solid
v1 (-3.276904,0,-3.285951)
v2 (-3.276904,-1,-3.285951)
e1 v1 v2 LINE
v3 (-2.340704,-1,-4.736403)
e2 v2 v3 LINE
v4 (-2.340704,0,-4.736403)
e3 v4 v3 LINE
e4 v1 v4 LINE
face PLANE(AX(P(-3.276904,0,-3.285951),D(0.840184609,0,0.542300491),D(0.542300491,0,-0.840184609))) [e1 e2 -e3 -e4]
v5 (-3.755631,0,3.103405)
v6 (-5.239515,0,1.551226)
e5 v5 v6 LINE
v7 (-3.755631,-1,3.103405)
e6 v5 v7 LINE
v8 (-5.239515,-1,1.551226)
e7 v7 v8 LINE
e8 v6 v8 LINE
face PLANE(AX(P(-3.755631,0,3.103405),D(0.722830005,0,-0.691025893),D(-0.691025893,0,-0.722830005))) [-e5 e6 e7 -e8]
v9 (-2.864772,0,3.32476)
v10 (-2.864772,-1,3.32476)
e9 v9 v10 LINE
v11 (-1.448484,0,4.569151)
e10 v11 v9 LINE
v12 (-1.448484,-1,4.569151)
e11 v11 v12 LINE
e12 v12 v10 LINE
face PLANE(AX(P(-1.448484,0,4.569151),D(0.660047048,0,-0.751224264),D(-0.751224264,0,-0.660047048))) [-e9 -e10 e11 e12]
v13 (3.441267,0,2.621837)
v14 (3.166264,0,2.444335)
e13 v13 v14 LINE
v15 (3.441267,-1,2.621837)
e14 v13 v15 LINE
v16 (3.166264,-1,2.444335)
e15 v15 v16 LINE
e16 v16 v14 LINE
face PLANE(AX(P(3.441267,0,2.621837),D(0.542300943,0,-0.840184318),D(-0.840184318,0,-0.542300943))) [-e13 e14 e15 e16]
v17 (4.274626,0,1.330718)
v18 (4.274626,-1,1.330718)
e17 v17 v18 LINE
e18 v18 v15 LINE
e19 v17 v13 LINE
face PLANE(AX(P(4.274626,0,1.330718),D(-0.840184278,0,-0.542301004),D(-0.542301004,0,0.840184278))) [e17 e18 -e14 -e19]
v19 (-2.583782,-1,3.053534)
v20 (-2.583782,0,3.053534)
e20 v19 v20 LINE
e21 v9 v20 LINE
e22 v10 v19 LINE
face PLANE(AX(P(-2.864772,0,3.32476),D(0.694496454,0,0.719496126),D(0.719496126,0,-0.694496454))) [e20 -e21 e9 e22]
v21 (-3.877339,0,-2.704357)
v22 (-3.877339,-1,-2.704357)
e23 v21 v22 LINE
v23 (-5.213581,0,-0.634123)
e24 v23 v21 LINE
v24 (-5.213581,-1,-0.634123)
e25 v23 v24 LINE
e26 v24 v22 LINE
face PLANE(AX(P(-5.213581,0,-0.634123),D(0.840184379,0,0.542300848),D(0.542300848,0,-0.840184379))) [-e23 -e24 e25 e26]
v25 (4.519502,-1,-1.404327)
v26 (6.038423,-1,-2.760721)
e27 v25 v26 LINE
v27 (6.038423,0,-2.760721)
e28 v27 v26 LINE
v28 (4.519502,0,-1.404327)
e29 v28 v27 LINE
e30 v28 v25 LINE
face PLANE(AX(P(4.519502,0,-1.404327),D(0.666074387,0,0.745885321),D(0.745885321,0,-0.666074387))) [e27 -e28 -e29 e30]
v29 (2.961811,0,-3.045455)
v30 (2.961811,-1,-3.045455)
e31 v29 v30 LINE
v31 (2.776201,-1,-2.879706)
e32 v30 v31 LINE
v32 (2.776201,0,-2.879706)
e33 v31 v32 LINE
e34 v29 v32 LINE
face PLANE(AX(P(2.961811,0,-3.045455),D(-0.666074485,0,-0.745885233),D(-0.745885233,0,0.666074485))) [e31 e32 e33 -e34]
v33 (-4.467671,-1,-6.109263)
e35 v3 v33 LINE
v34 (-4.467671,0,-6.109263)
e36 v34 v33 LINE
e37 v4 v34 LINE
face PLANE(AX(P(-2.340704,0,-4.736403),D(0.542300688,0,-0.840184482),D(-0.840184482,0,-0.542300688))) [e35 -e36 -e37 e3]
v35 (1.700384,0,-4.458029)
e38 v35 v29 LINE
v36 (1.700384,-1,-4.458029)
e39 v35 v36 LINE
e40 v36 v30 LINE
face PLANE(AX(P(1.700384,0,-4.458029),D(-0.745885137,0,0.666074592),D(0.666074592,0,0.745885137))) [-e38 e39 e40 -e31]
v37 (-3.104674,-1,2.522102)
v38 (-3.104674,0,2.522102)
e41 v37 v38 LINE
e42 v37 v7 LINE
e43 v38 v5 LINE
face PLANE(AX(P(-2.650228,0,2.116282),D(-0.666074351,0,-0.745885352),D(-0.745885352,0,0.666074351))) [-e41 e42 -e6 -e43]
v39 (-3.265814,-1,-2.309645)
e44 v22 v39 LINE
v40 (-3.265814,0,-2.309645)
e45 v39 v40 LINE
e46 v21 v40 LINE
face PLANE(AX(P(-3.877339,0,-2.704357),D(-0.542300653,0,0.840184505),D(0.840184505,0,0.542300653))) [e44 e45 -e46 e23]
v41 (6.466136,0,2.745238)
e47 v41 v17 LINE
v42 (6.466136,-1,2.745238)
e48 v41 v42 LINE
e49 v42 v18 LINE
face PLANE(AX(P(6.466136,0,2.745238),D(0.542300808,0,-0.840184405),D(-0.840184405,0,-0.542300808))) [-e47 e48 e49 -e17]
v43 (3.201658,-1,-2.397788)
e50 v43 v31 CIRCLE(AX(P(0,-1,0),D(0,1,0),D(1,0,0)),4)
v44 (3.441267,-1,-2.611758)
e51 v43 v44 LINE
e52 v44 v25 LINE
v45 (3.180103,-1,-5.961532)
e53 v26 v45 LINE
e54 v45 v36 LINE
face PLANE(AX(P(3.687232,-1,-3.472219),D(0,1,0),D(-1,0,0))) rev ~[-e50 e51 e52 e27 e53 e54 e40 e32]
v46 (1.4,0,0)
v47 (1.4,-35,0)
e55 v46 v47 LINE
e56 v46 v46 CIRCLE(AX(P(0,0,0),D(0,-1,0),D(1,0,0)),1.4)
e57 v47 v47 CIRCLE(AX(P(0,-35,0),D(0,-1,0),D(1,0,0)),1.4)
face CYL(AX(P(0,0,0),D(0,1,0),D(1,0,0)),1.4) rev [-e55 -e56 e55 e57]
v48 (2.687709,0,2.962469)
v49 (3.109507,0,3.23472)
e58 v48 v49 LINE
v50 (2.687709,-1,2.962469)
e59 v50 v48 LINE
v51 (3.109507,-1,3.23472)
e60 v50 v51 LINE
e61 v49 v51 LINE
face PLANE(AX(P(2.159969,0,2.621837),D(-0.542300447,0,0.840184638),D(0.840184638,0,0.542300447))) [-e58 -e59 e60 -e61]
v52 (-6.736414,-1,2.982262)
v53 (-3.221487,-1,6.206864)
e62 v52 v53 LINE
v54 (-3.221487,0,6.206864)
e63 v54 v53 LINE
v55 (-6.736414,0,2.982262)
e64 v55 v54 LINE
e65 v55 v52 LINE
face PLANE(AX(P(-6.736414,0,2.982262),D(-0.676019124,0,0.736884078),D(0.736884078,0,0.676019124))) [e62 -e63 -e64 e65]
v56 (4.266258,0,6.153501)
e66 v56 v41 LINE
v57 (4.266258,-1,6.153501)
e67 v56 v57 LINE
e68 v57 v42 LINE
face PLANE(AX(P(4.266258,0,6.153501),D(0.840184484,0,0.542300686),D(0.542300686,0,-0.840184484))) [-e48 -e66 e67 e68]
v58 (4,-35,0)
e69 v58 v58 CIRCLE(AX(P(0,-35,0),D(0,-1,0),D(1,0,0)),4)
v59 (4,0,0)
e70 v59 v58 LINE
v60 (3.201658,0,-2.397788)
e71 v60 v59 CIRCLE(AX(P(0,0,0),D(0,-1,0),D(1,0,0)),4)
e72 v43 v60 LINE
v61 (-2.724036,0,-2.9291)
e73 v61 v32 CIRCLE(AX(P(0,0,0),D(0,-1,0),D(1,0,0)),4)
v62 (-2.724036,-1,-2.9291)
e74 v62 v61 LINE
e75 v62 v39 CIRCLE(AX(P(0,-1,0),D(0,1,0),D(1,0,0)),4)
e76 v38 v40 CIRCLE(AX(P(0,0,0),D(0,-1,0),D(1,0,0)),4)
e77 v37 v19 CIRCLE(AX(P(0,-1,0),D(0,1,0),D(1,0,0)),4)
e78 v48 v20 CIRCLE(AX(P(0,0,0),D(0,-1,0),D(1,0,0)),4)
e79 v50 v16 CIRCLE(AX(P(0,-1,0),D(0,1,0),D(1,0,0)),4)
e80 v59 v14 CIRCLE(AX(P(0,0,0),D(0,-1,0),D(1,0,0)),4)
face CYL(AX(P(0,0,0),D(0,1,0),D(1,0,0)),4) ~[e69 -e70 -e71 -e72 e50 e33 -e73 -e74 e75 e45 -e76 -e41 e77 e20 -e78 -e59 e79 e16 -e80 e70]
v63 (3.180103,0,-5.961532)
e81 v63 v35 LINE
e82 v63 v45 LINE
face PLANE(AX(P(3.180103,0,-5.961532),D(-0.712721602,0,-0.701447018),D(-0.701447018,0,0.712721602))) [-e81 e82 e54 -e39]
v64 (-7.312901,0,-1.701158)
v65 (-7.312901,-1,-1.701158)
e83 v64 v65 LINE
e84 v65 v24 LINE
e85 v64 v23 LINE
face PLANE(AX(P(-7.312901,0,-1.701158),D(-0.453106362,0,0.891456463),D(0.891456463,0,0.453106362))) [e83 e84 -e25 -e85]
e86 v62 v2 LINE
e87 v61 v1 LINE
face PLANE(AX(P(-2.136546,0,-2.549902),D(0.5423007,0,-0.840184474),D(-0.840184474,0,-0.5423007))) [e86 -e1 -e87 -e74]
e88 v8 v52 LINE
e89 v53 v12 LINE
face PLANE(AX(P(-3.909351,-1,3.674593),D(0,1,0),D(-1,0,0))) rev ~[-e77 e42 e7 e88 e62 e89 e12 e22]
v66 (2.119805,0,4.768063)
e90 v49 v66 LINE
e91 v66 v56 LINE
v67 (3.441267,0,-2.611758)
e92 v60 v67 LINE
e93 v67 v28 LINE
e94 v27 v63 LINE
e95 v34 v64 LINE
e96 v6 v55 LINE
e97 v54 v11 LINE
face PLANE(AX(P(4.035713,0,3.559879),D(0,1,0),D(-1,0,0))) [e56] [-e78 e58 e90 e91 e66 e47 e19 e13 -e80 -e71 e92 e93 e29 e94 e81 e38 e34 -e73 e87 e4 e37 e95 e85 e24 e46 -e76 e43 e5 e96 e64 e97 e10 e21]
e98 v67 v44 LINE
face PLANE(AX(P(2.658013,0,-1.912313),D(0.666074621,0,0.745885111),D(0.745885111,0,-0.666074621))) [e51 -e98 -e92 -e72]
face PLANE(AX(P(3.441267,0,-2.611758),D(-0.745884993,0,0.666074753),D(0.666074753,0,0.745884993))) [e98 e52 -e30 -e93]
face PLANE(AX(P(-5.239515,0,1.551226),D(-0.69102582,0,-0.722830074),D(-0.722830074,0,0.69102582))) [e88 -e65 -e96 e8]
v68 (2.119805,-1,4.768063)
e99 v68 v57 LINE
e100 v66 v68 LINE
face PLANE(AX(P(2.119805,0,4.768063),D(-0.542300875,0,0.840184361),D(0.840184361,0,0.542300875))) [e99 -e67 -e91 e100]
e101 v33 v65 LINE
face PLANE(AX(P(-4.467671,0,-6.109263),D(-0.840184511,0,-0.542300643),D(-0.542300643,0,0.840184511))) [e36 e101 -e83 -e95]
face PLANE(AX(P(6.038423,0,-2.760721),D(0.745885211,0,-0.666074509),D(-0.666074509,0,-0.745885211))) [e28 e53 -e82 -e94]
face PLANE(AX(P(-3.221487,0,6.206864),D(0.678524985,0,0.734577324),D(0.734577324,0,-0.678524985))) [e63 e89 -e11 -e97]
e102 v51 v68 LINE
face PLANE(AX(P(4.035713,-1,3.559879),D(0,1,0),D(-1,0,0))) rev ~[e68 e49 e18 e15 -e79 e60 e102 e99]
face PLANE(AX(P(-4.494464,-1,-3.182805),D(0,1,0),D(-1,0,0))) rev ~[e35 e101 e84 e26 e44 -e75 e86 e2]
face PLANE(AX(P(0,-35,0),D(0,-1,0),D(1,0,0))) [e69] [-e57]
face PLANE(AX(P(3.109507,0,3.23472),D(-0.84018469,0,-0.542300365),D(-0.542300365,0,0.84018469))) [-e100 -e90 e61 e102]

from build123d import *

# Parameters (mm, degrees)
F0_R     = 4
F0_R_2   = 1.4
F1_DEPTH = 35
F4_DEPTH = 1


with BuildPart() as f1:
    # F0 (on Front) → F1 (new body)
    with BuildSketch(Plane.XZ):
        Circle(F0_R)
        Circle(F0_R_2, mode=Mode.SUBTRACT)
    extrude(amount=F1_DEPTH)

    # F3 (on face) → F4 (join)
    with BuildSketch(Plane(origin=(0, 0, 0), x_dir=(-1, 0, 0), z_dir=(0, 1, 0))):
        Polygon((-3.441267, 2.621837), (-2.658013, 2.116282), (-2.527552, 2.052343), (-2.159969, 2.621837), (-3.109507, 3.23472), (-2.119805, 4.768063), (-4.266258, 6.153501), (-6.466136, 2.745238), (-4.274626, 1.330718), align=None)
        Polygon((-2.259792, -2.418553), (-2.658013, -1.912313), (-3.441267, -2.611758), (-4.519502, -1.404327), (-6.038423, -2.760721), (-3.180103, -5.961532), (-1.700384, -4.458029), (-2.961811, -3.045455), align=None)
        Polygon((3.877339, -2.704357), (2.650228, -1.912313), (2.136546, -2.549902), (3.276904, -3.285951), (2.340704, -4.736403), (4.467671, -6.109263), (7.312901, -1.701158), (5.213581, -0.634123), align=None)
        Polygon((2.864772, 3.32476), (2.136546, 2.621837), (2.650228, 2.116282), (3.755631, 3.103405), (5.239515, 1.551226), (6.736414, 2.982262), (3.221487, 6.206864), (1.448484, 4.569151), align=None)
    extrude(amount=-F4_DEPTH)


solid = f1.part
